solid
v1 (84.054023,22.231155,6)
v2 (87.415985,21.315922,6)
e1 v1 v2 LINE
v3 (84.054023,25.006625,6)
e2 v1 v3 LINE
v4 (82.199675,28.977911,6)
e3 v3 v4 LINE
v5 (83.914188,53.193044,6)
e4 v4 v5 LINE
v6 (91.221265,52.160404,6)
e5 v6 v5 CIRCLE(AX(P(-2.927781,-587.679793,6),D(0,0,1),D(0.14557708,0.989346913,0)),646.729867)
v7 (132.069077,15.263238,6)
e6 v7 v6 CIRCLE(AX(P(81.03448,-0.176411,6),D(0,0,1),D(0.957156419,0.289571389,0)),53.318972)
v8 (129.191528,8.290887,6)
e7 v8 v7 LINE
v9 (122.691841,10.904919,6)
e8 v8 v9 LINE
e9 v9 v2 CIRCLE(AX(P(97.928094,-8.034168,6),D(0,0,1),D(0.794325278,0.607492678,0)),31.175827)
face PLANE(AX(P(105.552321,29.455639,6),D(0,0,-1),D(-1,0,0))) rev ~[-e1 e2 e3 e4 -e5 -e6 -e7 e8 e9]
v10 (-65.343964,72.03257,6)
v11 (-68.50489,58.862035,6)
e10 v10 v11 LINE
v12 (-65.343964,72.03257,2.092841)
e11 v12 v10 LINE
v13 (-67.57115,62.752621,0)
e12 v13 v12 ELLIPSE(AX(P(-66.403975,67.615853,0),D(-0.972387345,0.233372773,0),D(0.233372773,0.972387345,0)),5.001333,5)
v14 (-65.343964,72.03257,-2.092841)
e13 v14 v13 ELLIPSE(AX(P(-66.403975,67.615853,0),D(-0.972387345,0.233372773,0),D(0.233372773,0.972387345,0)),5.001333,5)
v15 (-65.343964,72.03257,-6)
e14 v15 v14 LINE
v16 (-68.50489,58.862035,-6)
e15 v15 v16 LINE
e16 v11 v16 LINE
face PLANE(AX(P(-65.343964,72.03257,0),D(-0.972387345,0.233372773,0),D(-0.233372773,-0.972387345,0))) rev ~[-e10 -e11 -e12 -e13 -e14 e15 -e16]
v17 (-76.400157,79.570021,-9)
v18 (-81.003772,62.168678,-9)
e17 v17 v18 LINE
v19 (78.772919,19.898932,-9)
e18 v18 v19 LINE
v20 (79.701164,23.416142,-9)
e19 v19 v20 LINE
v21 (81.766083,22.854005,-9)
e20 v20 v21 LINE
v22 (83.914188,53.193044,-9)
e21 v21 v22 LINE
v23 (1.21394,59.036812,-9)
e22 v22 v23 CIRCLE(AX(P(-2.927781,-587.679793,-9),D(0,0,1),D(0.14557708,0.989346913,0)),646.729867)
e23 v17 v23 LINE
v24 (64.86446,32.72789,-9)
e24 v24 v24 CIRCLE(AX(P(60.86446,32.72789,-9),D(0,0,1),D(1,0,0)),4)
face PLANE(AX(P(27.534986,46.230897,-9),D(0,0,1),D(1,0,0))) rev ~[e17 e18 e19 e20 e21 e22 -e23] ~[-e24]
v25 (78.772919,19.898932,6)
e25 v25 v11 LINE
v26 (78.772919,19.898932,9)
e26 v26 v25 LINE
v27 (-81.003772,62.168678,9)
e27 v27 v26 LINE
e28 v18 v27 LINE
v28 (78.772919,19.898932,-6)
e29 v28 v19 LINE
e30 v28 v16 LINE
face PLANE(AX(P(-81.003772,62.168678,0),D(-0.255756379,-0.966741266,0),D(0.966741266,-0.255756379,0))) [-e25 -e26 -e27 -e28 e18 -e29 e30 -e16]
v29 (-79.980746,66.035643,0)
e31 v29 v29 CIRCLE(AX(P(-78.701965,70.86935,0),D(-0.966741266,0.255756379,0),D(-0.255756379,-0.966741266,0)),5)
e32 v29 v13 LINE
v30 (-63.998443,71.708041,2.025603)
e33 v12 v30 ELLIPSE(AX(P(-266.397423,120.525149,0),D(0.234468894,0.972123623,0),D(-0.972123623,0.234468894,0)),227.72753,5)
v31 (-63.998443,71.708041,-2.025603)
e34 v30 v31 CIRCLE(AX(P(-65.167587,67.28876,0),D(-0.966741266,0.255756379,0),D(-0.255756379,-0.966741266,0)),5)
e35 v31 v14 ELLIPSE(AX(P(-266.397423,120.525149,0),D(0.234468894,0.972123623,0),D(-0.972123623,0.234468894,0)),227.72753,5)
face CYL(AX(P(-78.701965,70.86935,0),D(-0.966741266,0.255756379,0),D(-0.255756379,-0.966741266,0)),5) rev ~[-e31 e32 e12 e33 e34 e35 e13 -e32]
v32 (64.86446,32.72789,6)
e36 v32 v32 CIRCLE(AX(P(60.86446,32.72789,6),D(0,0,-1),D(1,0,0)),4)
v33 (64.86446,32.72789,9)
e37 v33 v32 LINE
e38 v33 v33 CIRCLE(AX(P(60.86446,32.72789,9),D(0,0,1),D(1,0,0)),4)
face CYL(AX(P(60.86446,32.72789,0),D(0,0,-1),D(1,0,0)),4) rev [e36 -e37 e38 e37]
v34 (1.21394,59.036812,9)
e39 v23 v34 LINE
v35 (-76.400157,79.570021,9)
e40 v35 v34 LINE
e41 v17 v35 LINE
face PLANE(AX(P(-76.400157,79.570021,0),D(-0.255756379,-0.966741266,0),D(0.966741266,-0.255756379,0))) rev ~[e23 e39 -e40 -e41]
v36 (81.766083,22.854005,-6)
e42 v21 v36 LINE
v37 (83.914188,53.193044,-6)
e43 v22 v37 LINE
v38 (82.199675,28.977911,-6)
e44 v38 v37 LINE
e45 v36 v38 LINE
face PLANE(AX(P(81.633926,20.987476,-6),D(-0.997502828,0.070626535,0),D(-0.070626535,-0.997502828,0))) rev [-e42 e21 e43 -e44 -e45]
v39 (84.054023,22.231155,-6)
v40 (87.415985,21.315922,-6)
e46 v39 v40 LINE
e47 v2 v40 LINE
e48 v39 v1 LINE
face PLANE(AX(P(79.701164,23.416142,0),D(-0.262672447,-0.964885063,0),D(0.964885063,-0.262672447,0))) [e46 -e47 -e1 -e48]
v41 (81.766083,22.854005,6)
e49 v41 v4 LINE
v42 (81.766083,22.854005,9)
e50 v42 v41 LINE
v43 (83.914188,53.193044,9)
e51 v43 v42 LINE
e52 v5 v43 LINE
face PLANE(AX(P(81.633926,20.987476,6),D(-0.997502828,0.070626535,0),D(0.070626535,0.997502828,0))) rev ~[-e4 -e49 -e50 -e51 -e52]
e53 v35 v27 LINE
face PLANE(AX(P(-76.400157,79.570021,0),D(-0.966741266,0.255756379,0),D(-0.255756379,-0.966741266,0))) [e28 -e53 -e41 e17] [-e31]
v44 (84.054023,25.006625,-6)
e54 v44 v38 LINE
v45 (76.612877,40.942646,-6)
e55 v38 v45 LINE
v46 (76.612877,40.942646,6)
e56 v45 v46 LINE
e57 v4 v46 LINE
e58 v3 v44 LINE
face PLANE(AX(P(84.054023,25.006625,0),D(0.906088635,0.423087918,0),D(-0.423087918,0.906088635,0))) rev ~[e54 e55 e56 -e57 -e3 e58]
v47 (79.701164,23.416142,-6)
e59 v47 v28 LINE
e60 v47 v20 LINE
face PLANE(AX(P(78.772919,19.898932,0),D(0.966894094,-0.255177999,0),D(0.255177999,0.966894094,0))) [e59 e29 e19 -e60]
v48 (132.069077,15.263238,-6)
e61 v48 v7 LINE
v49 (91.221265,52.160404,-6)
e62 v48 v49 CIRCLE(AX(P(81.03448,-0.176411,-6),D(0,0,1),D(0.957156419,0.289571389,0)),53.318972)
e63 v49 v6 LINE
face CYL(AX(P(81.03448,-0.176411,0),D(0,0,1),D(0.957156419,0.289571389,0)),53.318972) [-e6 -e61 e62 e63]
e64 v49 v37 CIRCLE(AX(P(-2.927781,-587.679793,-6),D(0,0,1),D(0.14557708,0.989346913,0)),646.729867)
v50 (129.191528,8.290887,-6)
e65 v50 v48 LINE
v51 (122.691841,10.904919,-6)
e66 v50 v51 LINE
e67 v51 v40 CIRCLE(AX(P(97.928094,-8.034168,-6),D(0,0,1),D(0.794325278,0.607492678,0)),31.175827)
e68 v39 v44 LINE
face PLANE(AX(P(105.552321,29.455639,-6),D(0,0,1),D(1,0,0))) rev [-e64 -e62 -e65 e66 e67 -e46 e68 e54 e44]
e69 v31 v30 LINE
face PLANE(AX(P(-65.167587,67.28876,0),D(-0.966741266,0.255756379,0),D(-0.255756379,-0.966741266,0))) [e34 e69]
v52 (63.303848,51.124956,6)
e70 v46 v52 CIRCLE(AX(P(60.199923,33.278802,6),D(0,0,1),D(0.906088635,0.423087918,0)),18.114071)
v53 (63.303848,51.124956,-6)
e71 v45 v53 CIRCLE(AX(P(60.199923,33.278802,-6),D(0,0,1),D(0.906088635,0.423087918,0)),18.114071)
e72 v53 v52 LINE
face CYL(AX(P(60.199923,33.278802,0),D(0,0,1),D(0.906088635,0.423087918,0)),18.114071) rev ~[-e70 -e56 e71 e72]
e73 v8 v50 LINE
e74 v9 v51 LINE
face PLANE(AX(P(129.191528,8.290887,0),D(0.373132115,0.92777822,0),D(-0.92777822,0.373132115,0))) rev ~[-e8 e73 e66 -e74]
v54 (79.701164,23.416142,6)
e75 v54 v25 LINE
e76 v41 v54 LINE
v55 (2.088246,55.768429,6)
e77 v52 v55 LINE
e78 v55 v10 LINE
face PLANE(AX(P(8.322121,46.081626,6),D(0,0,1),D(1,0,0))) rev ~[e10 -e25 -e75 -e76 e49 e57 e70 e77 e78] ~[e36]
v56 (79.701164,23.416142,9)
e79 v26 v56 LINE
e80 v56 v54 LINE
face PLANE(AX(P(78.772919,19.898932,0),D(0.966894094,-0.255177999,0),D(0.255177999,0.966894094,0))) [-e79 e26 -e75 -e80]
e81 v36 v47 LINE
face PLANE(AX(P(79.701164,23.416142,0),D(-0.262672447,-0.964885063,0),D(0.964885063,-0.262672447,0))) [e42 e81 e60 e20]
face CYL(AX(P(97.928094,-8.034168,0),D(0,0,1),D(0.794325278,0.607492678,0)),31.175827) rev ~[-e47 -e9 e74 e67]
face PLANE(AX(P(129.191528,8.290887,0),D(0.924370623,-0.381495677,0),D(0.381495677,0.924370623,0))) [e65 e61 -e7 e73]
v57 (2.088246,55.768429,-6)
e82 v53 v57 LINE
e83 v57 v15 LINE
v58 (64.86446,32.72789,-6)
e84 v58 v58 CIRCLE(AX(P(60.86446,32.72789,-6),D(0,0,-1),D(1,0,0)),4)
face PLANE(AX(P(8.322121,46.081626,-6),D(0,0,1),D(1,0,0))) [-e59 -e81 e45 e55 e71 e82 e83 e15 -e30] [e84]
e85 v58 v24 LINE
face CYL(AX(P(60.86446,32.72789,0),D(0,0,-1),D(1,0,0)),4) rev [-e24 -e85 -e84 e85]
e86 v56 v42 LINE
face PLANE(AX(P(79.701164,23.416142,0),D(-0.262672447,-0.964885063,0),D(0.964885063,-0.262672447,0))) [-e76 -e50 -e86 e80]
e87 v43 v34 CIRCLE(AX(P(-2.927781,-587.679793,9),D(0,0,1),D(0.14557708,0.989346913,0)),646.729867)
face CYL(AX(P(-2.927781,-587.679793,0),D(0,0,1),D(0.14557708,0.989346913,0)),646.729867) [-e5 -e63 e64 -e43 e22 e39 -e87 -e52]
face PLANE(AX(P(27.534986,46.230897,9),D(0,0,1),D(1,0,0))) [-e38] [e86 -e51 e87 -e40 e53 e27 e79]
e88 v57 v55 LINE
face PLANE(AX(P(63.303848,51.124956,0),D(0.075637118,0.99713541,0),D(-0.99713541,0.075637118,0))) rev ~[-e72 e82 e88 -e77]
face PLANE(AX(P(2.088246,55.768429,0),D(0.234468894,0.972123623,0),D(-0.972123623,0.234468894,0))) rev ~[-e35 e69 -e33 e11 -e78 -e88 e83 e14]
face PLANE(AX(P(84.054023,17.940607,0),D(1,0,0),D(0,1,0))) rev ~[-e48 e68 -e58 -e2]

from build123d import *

# Parameters (mm, degrees)
SKETCH005_R     = 4
PAD003_DEPTH    = 9
POCKET002_DEPTH = 453.7991983662
POCKET003_DEPTH = 6
SKETCH009_R     = 5
POCKET004_DEPTH = 14


with BuildPart() as part:
    # Sketch005 → Pad003 (new body, symmetric)
    with BuildSketch(Plane.XY):
        with BuildLine():
            Line((129.191528, 8.290887), (132.069077, 15.263238))
            ThreePointArc((132.069077, 15.263238), (116.7747181113, 39.3905983189), (91.2212646928, 52.1604044318))
            ThreePointArc((91.2212646928, 52.1604044318), (46.3377236615, 57.1709115012), (1.21394, 59.036812))
            Line((-76.4001571445, 79.5700210048), (1.21394, 59.036812))
            Line((-76.4001571445, 79.5700210048), (-81.0037719697, 62.168678225))
            Line((-81.0037719697, 62.168678225), (78.772919, 19.898932))
            Line((78.772919, 19.898932), (79.701164, 23.416142))
            Line((79.701164, 23.416142), (87.415985, 21.315922))
            ThreePointArc((122.691841, 10.904919), (106.7527492861, 21.8666290226), (87.415985, 21.315922))
            Line((129.191528, 8.290887), (122.691841, 10.904919))
        make_face()
        with Locations((60.86446, 32.72789)):
            Circle(SKETCH005_R, mode=Mode.SUBTRACT)
    extrude(amount=PAD003_DEPTH, both=True)

    # Sketch007 → Pocket002 (cut, through all)
    with BuildSketch(Plane.XY.offset(6)):
        with BuildLine():
            Line((81.633926, 20.987476), (84.018715, 54.669346))
            Line((84.018715, 54.669346), (91.8155354317, 53.6254730737))
            ThreePointArc((133.5781814805, 14.8051820085), (118.8696341007, 40.855964108), (91.8155354317, 53.6254730737))
            Line((133.5781814805, 14.8051820085), (129.179794, 5.660023))
            Line((129.179794, 5.660023), (81.633926, 20.987476))
        make_face()
    pocket002 = extrude(amount=POCKET002_DEPTH, mode=Mode.SUBTRACT)

    # Mirrored: Pocket002 across XY
    add(pocket002.mirror(Plane.XY), mode=Mode.SUBTRACT)

    # Sketch008 → Pocket003 (cut, symmetric)
    with BuildSketch(Plane.XY):
        with BuildLine():
            Line((84.0540226162, 25.0066254975), (76.6128766006, 40.9426462345))
            ThreePointArc((76.6128766006, 40.9426462345), (71.2066025484, 47.6653428321), (63.3038481091, 51.1249556635))
            Line((63.3038481091, 51.1249556635), (2.088246, 55.768429))
            Line((2.088246, 55.768429), (-65.343964, 72.03257))
            Line((-65.343964, 72.03257), (-69.729797, 53.758251))
            Line((-69.729797, 53.758251), (84.0540226162, 17.940607))
            Line((84.0540226162, 17.940607), (84.0540226162, 25.0066254975))
        make_face()
    extrude(amount=POCKET003_DEPTH, both=True, mode=Mode.SUBTRACT)

    # Sketch009 (on DatumPlane) → Pocket004 (cut)
    with BuildSketch(Plane(origin=(-76.4001571445, 79.5700210048, 0), x_dir=(-0.2557563792, -0.9667412655, 0), z_dir=(-0.9667412655, 0.2557563792, 0))):
        with Locations((9, 0)):
            Circle(SKETCH009_R)
    extrude(amount=-POCKET004_DEPTH, mode=Mode.SUBTRACT)


solid = part.part
